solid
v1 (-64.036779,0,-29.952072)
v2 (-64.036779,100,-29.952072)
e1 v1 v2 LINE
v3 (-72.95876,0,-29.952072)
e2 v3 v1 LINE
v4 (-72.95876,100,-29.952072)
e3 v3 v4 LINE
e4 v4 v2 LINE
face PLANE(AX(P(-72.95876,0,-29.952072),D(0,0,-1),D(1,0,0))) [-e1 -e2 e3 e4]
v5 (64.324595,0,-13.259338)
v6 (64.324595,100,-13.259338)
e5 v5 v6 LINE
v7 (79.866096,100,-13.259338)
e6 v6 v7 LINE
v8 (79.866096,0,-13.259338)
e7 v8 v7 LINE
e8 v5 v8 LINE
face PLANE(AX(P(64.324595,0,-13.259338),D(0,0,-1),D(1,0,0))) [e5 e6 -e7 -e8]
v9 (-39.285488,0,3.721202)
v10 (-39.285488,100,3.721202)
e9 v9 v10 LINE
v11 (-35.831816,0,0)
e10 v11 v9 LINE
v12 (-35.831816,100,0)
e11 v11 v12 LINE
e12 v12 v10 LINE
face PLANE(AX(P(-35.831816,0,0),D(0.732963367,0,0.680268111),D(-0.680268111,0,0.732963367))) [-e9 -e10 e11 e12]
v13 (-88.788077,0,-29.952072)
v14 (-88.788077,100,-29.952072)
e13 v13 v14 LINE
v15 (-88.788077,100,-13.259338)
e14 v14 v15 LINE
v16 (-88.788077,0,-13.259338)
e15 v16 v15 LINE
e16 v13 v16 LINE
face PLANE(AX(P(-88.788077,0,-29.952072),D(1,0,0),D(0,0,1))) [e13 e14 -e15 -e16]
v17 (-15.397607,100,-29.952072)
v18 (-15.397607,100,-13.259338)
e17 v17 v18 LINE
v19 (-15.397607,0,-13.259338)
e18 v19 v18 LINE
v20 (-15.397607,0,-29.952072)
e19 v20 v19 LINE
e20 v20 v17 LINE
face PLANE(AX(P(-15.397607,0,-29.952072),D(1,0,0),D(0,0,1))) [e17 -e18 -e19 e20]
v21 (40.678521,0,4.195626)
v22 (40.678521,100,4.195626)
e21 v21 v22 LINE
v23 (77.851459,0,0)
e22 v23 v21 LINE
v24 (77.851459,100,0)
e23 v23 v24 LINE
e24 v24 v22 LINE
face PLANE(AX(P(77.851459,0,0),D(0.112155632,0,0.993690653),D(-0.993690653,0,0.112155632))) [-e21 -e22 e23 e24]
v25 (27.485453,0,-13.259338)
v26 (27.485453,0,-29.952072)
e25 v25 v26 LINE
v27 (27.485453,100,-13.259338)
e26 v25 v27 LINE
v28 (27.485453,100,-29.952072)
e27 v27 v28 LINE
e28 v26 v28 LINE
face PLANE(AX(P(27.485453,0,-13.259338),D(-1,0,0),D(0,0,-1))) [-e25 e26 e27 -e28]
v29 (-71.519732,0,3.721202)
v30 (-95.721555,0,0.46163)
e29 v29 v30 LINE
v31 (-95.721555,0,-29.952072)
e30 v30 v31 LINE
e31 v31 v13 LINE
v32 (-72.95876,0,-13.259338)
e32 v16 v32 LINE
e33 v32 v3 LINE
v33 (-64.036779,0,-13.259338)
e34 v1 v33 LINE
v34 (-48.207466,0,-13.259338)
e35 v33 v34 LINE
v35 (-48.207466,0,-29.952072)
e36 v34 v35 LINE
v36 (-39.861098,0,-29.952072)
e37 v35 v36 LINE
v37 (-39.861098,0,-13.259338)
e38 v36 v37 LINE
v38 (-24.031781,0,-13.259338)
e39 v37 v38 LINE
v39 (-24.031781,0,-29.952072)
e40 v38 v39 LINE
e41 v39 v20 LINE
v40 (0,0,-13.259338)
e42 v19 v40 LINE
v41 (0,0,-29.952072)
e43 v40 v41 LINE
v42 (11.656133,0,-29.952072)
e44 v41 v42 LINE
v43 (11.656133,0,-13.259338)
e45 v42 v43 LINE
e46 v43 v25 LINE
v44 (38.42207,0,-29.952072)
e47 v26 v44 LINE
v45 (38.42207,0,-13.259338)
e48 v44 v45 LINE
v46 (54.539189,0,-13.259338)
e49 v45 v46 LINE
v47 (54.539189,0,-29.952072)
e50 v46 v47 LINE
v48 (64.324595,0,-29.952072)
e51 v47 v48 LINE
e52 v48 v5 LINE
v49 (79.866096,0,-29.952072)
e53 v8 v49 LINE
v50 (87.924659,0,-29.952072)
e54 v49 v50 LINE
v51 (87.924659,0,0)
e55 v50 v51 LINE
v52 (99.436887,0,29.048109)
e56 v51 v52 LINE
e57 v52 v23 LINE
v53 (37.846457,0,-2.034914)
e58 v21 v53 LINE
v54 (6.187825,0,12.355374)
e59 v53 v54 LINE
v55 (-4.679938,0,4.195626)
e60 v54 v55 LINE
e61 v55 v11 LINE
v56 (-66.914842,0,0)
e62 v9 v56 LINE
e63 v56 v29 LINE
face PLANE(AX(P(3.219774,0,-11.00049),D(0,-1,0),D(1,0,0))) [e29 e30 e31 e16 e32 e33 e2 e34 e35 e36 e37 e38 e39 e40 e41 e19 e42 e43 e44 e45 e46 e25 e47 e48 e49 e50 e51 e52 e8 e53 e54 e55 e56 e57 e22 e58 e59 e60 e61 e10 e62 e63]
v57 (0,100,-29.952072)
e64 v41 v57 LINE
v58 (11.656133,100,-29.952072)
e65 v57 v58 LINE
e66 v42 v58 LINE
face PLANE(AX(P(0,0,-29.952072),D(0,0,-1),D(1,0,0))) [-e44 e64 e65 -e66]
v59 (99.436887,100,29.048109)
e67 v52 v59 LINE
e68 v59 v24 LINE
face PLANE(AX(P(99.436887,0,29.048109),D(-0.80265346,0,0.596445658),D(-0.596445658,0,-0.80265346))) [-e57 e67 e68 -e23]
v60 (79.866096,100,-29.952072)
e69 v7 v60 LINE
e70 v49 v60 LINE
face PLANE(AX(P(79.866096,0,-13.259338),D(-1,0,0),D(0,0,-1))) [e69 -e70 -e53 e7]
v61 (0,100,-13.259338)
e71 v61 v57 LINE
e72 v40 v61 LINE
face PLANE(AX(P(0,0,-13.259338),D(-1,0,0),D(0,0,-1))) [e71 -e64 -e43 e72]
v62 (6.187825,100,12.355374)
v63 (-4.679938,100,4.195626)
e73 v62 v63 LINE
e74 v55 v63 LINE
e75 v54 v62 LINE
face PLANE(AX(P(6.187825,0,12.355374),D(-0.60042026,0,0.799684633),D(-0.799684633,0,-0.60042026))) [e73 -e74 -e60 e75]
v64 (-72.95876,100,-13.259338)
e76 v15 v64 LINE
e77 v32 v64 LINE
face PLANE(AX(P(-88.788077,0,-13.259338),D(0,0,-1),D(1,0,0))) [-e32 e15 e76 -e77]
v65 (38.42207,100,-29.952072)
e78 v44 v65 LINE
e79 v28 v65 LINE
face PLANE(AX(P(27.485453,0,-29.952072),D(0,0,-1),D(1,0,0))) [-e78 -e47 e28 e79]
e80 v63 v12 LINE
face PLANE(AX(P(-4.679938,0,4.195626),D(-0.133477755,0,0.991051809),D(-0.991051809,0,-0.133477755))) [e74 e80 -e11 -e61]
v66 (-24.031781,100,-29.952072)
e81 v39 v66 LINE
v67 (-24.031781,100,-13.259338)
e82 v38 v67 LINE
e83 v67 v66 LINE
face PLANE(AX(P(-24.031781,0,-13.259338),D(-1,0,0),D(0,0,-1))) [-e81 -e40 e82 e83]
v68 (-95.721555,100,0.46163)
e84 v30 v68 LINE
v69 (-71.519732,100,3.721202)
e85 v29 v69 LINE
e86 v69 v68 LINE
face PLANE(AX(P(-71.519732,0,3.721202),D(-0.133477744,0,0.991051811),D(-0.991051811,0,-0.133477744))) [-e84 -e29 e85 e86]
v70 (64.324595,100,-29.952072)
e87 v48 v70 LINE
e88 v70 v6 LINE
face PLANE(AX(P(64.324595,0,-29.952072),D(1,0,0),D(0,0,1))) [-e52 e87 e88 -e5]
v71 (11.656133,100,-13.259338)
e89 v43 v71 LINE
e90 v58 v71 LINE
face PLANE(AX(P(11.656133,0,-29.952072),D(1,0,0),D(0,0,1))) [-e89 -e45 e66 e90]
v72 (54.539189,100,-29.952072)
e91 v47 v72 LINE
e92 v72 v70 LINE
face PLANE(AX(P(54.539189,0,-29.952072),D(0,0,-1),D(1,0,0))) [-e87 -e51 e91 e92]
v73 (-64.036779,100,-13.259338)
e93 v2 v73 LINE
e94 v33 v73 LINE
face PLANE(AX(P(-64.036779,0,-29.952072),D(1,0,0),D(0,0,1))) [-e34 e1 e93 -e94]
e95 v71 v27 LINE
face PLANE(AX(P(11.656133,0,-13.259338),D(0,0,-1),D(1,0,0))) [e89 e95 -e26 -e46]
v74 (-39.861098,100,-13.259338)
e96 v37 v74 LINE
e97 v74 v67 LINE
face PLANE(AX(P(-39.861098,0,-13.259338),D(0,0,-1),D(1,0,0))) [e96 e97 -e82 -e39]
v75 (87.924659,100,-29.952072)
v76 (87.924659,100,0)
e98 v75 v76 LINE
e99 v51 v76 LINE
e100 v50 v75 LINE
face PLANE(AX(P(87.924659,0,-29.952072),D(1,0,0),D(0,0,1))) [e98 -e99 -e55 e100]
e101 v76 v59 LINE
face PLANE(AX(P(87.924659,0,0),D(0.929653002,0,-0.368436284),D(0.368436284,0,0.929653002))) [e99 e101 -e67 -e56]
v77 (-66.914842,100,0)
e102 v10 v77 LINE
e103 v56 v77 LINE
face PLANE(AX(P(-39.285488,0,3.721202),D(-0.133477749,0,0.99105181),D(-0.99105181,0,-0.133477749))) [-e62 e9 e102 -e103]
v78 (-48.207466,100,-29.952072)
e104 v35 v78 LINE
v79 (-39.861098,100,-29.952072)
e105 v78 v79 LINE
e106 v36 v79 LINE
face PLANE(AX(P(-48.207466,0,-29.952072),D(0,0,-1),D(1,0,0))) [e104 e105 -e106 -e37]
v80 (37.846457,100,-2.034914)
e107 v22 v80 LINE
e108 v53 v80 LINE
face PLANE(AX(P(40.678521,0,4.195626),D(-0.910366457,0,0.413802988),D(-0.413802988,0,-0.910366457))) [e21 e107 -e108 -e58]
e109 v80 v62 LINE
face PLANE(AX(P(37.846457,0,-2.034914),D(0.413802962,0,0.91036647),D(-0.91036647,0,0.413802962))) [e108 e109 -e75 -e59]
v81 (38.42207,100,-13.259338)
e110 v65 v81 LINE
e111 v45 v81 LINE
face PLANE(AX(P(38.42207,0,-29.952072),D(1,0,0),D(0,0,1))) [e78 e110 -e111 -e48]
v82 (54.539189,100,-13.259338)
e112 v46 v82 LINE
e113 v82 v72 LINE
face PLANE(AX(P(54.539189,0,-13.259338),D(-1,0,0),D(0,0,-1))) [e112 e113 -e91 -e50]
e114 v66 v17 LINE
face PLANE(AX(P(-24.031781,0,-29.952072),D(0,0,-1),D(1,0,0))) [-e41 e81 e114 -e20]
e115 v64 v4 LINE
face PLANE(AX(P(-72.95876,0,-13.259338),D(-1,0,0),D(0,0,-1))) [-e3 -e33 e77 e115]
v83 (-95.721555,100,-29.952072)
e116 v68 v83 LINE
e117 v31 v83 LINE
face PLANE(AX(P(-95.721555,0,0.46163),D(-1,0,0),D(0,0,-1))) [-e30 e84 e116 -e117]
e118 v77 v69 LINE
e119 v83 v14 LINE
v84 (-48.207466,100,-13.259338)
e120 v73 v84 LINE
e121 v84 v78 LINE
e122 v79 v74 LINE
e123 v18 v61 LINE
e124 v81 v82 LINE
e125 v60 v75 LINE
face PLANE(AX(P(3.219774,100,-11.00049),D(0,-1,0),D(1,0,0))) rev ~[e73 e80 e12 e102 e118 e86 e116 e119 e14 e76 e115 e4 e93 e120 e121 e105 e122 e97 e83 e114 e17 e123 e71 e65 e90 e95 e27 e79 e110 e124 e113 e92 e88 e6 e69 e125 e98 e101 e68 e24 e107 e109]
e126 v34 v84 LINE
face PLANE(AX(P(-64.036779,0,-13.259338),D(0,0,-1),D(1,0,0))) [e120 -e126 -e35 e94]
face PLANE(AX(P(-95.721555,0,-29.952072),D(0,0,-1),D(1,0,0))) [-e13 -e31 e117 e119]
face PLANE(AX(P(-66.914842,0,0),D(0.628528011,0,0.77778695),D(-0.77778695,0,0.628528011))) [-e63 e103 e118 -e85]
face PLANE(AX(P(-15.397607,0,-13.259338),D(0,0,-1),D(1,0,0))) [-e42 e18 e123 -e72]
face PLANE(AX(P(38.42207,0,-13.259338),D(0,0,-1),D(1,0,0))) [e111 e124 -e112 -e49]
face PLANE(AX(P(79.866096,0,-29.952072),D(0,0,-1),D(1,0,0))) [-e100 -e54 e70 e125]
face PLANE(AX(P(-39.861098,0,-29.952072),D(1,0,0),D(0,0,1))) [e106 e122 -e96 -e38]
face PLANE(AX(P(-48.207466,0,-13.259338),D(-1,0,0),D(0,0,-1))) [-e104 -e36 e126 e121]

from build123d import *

# Parameters (mm, degrees)
F1_DEPTH = 100


with BuildPart() as f1:
    # F0 (on Front) → F1 (new body)
    with BuildSketch(Plane.XZ):
        Polygon((-71.519732, 3.721202), (-95.721555, 0.46163), (-95.721555, -29.952072), (-88.788077, -29.952072), (-88.788077, -13.259338), (-72.95876, -13.259338), (-72.95876, -29.952072), (-64.036779, -29.952072), (-64.036779, -13.259338), (-48.207466, -13.259338), (-48.207466, -29.952072), (-39.861098, -29.952072), (-39.861098, -13.259338), (-24.031781, -13.259338), (-24.031781, -29.952072), (-15.397607, -29.952072), (-15.397607, -13.259338), (0, -13.259338), (0, -29.952072), (11.656133, -29.952072), (11.656133, -13.259338), (27.485453, -13.259338), (27.485453, -29.952072), (38.42207, -29.952072), (38.42207, -13.259338), (54.539189, -13.259338), (54.539189, -29.952072), (64.324595, -29.952072), (64.324595, -13.259338), (79.866096, -13.259338), (79.866096, -29.952072), (87.924659, -29.952072), (87.924659, 0), (99.436887, 29.048109), (77.851459, 0), (40.678521, 4.195626), (37.846457, -2.034914), (6.187825, 12.355374), (-4.679938, 4.195626), (-35.831816, 0), (-39.285488, 3.721202), (-66.914842, 0), align=None)
    extrude(amount=-F1_DEPTH)


solid = f1.part
